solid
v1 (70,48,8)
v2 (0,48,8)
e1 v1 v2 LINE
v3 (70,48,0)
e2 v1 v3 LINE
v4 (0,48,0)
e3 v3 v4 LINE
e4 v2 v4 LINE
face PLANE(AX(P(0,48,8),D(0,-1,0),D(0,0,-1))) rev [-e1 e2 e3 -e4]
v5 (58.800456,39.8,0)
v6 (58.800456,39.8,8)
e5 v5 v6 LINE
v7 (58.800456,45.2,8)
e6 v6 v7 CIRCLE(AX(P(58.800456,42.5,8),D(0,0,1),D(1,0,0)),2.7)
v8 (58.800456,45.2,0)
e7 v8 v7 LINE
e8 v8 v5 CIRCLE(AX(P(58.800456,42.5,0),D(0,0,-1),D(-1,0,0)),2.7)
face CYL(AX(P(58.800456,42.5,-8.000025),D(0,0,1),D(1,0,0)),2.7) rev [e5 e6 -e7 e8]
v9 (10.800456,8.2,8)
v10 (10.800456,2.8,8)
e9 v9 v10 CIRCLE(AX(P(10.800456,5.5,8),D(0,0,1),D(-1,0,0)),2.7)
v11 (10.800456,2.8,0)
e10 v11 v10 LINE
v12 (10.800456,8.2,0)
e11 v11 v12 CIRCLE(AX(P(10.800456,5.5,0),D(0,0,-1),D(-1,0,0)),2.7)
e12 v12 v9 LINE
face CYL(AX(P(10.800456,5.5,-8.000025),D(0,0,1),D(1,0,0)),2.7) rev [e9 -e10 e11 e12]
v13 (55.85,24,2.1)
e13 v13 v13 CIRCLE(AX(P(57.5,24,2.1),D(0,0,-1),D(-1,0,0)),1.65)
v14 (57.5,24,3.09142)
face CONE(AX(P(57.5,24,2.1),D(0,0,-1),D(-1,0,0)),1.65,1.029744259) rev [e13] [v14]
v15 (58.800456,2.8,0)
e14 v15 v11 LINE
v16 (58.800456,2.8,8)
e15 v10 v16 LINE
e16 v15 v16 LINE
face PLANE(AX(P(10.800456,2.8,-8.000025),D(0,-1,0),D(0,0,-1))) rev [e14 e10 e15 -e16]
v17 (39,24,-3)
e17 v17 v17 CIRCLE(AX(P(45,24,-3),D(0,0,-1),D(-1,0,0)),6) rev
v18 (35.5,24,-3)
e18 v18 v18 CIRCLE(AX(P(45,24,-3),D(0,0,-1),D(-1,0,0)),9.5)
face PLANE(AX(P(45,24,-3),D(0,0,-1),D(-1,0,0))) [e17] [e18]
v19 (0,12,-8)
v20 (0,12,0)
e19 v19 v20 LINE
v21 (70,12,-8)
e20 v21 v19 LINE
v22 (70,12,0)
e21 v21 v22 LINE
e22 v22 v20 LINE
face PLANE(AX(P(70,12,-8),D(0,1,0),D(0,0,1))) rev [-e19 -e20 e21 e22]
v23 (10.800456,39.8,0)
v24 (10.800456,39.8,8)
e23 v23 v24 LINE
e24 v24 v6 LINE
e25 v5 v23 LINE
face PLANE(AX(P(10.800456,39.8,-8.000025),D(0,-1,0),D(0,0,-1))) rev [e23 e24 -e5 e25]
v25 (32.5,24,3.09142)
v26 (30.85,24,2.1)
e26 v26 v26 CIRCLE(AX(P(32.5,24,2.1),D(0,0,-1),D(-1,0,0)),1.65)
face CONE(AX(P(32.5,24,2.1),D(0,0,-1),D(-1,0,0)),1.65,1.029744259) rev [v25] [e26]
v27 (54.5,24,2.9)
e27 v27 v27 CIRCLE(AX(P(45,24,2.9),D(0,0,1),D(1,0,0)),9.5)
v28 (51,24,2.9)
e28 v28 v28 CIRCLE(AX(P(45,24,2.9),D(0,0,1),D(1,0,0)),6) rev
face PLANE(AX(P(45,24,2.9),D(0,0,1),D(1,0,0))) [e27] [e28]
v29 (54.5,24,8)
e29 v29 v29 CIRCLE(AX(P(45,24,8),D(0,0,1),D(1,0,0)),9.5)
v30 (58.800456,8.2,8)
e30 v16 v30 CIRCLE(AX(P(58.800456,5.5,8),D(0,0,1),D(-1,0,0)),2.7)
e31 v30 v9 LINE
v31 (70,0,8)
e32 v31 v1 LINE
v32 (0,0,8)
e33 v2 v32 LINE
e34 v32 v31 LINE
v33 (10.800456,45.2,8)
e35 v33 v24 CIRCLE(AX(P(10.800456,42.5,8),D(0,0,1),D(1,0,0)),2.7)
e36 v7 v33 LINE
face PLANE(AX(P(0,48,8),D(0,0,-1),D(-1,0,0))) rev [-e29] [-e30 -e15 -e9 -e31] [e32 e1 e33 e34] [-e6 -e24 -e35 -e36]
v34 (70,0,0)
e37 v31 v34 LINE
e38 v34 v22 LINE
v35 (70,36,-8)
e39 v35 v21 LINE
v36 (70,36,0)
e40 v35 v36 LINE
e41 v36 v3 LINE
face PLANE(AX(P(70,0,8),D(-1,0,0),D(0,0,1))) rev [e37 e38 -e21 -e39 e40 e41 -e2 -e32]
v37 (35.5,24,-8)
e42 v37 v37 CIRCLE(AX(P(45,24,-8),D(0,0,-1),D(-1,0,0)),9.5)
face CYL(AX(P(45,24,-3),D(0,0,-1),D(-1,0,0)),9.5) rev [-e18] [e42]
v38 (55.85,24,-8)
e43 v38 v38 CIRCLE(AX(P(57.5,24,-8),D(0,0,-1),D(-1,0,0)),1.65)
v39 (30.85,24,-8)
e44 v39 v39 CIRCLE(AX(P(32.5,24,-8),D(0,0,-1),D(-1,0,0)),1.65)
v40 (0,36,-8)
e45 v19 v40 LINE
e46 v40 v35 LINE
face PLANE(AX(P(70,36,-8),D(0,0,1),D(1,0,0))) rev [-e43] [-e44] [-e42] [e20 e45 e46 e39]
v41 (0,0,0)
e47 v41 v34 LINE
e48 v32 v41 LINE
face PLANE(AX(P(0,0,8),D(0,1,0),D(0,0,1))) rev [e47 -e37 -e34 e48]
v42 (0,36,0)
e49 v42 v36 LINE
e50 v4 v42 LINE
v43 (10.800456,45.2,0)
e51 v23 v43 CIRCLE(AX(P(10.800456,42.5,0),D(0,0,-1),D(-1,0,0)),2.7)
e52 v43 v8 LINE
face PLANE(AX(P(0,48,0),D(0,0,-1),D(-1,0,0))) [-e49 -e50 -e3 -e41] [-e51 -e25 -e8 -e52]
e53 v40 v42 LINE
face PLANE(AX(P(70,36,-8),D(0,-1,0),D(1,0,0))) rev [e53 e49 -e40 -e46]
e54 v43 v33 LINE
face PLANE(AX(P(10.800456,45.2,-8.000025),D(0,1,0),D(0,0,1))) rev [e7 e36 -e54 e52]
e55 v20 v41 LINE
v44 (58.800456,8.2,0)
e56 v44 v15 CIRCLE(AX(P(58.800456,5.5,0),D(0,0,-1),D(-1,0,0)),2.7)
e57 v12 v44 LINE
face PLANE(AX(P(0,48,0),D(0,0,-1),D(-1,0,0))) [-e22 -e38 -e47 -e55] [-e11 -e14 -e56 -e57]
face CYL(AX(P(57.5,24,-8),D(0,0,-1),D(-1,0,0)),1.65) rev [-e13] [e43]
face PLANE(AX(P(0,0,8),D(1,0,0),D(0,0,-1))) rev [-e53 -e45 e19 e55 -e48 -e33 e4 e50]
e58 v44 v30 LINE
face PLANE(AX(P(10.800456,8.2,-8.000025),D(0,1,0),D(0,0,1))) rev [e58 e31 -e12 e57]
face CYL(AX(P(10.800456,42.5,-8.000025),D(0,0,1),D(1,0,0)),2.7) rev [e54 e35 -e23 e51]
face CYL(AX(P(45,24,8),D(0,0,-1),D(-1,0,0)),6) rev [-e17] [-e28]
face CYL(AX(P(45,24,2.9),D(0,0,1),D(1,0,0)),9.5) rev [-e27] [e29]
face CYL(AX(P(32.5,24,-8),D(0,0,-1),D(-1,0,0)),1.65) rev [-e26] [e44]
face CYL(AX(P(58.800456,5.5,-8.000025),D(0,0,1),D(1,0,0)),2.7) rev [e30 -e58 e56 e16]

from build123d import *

# Parameters (mm, degrees)
SKETCH_1_W             = 70
SKETCH_1_H             = 48
EXTRUDE_1_DEPTH        = 8
SKETCH_2_W             = 70
SKETCH_2_H             = 24
EXTRUDE_2_DEPTH        = 8
SKETCH_3_R             = 6
CUT_EXTRUDE_1_DEPTH    = 87.371291527
SKETCH_6_R             = 9.5
CUT_EXTRUDE_4_DEPTH    = 5
CUT_EXTRUDE_START      = -5.1
SKETCH_7_R             = 9.5
CUT_EXTRUDE_5_DEPTH    = 5.1
HOLE_WIZARD_M4_1_D     = 3.3
HOLE_WIZARD_M4_1_DEPTH = 10.1
HOLE_WIZARD_M4_1_TIP   = 0.991420021
CUT_EXTRUDE_6_DEPTH    = 87.371291527


with BuildPart() as part:
    # 草图1 → 凸台-拉伸1 (new body)
    with BuildSketch(Plane.XY):
        with Locations((35, 24)):
            Rectangle(SKETCH_1_W, SKETCH_1_H)
    extrude(amount=EXTRUDE_1_DEPTH)

    # 草图2 → 凸台-拉伸2 (add)
    with BuildSketch(Plane(origin=(0, 0, 0), x_dir=(-1, 0, 0), z_dir=(0, 0, -1))):
        with Locations((-35, 24)):
            Rectangle(SKETCH_2_W, SKETCH_2_H)
    extrude(amount=EXTRUDE_2_DEPTH)

    # 草图3 → 切除-拉伸1 (cut, through all)
    with BuildSketch(Plane(origin=(0, 0, -8), x_dir=(-1, 0, 0), z_dir=(0, 0, -1))):
        with Locations((-45, 24)):
            Circle(SKETCH_3_R)
    extrude(amount=-CUT_EXTRUDE_1_DEPTH, mode=Mode.SUBTRACT)

    # 草图6 → 切除-拉伸4 (cut)
    with BuildSketch(Plane(origin=(0, 0, -8), x_dir=(-1, 0, 0), z_dir=(0, 0, -1))):
        with Locations((-45, 24)):
            Circle(SKETCH_6_R)
    extrude(amount=-CUT_EXTRUDE_4_DEPTH, mode=Mode.SUBTRACT)

    # 草图7 → 切除-拉伸5 (cut)
    with BuildSketch(Plane.XY.offset(8).offset(CUT_EXTRUDE_START)):
        with Locations(Location((45, 24, 0), (0, 0, 180))):
            Circle(SKETCH_7_R)
    extrude(amount=CUT_EXTRUDE_5_DEPTH, mode=Mode.SUBTRACT)

    # M4 螺纹孔1
    with Locations(Plane(origin=(0, 0, -8), x_dir=(-1, 0, 0), z_dir=(0, 0, -1))):
        with Locations((-57.5, 24), (-32.5, 24)):
            Hole(HOLE_WIZARD_M4_1_D / 2, depth=HOLE_WIZARD_M4_1_DEPTH)
            with Locations((0, 0, -(HOLE_WIZARD_M4_1_DEPTH + HOLE_WIZARD_M4_1_TIP / 2))):  # 118° drill point
                Cone(0, HOLE_WIZARD_M4_1_D / 2, HOLE_WIZARD_M4_1_TIP, mode=Mode.SUBTRACT)

    # 草图10 → 切除-拉伸6 (cut, through all)
    with BuildSketch(Plane.XY.offset(8)):
        with BuildLine():
            Line((10.800456012, 45.2), (58.800456012, 45.2))
            ThreePointArc((58.800456012, 45.2), (61.500456012, 42.5), (58.800456012, 39.8))
            Line((58.800456012, 39.8), (10.800456012, 39.8))
            ThreePointArc((10.800456012, 39.8), (8.100456012, 42.5), (10.800456012, 45.2))
        make_face()
        with BuildLine():
            Line((10.800456012, 2.8), (58.800456012, 2.8))
            ThreePointArc((58.800456012, 2.8), (61.500456012, 5.5), (58.800456012, 8.2))
            Line((58.800456012, 8.2), (10.800456012, 8.2))
            ThreePointArc((10.800456012, 8.2), (8.100456012, 5.5), (10.800456012, 2.8))
        make_face()
    extrude(amount=-CUT_EXTRUDE_6_DEPTH, mode=Mode.SUBTRACT)


solid = part.part
